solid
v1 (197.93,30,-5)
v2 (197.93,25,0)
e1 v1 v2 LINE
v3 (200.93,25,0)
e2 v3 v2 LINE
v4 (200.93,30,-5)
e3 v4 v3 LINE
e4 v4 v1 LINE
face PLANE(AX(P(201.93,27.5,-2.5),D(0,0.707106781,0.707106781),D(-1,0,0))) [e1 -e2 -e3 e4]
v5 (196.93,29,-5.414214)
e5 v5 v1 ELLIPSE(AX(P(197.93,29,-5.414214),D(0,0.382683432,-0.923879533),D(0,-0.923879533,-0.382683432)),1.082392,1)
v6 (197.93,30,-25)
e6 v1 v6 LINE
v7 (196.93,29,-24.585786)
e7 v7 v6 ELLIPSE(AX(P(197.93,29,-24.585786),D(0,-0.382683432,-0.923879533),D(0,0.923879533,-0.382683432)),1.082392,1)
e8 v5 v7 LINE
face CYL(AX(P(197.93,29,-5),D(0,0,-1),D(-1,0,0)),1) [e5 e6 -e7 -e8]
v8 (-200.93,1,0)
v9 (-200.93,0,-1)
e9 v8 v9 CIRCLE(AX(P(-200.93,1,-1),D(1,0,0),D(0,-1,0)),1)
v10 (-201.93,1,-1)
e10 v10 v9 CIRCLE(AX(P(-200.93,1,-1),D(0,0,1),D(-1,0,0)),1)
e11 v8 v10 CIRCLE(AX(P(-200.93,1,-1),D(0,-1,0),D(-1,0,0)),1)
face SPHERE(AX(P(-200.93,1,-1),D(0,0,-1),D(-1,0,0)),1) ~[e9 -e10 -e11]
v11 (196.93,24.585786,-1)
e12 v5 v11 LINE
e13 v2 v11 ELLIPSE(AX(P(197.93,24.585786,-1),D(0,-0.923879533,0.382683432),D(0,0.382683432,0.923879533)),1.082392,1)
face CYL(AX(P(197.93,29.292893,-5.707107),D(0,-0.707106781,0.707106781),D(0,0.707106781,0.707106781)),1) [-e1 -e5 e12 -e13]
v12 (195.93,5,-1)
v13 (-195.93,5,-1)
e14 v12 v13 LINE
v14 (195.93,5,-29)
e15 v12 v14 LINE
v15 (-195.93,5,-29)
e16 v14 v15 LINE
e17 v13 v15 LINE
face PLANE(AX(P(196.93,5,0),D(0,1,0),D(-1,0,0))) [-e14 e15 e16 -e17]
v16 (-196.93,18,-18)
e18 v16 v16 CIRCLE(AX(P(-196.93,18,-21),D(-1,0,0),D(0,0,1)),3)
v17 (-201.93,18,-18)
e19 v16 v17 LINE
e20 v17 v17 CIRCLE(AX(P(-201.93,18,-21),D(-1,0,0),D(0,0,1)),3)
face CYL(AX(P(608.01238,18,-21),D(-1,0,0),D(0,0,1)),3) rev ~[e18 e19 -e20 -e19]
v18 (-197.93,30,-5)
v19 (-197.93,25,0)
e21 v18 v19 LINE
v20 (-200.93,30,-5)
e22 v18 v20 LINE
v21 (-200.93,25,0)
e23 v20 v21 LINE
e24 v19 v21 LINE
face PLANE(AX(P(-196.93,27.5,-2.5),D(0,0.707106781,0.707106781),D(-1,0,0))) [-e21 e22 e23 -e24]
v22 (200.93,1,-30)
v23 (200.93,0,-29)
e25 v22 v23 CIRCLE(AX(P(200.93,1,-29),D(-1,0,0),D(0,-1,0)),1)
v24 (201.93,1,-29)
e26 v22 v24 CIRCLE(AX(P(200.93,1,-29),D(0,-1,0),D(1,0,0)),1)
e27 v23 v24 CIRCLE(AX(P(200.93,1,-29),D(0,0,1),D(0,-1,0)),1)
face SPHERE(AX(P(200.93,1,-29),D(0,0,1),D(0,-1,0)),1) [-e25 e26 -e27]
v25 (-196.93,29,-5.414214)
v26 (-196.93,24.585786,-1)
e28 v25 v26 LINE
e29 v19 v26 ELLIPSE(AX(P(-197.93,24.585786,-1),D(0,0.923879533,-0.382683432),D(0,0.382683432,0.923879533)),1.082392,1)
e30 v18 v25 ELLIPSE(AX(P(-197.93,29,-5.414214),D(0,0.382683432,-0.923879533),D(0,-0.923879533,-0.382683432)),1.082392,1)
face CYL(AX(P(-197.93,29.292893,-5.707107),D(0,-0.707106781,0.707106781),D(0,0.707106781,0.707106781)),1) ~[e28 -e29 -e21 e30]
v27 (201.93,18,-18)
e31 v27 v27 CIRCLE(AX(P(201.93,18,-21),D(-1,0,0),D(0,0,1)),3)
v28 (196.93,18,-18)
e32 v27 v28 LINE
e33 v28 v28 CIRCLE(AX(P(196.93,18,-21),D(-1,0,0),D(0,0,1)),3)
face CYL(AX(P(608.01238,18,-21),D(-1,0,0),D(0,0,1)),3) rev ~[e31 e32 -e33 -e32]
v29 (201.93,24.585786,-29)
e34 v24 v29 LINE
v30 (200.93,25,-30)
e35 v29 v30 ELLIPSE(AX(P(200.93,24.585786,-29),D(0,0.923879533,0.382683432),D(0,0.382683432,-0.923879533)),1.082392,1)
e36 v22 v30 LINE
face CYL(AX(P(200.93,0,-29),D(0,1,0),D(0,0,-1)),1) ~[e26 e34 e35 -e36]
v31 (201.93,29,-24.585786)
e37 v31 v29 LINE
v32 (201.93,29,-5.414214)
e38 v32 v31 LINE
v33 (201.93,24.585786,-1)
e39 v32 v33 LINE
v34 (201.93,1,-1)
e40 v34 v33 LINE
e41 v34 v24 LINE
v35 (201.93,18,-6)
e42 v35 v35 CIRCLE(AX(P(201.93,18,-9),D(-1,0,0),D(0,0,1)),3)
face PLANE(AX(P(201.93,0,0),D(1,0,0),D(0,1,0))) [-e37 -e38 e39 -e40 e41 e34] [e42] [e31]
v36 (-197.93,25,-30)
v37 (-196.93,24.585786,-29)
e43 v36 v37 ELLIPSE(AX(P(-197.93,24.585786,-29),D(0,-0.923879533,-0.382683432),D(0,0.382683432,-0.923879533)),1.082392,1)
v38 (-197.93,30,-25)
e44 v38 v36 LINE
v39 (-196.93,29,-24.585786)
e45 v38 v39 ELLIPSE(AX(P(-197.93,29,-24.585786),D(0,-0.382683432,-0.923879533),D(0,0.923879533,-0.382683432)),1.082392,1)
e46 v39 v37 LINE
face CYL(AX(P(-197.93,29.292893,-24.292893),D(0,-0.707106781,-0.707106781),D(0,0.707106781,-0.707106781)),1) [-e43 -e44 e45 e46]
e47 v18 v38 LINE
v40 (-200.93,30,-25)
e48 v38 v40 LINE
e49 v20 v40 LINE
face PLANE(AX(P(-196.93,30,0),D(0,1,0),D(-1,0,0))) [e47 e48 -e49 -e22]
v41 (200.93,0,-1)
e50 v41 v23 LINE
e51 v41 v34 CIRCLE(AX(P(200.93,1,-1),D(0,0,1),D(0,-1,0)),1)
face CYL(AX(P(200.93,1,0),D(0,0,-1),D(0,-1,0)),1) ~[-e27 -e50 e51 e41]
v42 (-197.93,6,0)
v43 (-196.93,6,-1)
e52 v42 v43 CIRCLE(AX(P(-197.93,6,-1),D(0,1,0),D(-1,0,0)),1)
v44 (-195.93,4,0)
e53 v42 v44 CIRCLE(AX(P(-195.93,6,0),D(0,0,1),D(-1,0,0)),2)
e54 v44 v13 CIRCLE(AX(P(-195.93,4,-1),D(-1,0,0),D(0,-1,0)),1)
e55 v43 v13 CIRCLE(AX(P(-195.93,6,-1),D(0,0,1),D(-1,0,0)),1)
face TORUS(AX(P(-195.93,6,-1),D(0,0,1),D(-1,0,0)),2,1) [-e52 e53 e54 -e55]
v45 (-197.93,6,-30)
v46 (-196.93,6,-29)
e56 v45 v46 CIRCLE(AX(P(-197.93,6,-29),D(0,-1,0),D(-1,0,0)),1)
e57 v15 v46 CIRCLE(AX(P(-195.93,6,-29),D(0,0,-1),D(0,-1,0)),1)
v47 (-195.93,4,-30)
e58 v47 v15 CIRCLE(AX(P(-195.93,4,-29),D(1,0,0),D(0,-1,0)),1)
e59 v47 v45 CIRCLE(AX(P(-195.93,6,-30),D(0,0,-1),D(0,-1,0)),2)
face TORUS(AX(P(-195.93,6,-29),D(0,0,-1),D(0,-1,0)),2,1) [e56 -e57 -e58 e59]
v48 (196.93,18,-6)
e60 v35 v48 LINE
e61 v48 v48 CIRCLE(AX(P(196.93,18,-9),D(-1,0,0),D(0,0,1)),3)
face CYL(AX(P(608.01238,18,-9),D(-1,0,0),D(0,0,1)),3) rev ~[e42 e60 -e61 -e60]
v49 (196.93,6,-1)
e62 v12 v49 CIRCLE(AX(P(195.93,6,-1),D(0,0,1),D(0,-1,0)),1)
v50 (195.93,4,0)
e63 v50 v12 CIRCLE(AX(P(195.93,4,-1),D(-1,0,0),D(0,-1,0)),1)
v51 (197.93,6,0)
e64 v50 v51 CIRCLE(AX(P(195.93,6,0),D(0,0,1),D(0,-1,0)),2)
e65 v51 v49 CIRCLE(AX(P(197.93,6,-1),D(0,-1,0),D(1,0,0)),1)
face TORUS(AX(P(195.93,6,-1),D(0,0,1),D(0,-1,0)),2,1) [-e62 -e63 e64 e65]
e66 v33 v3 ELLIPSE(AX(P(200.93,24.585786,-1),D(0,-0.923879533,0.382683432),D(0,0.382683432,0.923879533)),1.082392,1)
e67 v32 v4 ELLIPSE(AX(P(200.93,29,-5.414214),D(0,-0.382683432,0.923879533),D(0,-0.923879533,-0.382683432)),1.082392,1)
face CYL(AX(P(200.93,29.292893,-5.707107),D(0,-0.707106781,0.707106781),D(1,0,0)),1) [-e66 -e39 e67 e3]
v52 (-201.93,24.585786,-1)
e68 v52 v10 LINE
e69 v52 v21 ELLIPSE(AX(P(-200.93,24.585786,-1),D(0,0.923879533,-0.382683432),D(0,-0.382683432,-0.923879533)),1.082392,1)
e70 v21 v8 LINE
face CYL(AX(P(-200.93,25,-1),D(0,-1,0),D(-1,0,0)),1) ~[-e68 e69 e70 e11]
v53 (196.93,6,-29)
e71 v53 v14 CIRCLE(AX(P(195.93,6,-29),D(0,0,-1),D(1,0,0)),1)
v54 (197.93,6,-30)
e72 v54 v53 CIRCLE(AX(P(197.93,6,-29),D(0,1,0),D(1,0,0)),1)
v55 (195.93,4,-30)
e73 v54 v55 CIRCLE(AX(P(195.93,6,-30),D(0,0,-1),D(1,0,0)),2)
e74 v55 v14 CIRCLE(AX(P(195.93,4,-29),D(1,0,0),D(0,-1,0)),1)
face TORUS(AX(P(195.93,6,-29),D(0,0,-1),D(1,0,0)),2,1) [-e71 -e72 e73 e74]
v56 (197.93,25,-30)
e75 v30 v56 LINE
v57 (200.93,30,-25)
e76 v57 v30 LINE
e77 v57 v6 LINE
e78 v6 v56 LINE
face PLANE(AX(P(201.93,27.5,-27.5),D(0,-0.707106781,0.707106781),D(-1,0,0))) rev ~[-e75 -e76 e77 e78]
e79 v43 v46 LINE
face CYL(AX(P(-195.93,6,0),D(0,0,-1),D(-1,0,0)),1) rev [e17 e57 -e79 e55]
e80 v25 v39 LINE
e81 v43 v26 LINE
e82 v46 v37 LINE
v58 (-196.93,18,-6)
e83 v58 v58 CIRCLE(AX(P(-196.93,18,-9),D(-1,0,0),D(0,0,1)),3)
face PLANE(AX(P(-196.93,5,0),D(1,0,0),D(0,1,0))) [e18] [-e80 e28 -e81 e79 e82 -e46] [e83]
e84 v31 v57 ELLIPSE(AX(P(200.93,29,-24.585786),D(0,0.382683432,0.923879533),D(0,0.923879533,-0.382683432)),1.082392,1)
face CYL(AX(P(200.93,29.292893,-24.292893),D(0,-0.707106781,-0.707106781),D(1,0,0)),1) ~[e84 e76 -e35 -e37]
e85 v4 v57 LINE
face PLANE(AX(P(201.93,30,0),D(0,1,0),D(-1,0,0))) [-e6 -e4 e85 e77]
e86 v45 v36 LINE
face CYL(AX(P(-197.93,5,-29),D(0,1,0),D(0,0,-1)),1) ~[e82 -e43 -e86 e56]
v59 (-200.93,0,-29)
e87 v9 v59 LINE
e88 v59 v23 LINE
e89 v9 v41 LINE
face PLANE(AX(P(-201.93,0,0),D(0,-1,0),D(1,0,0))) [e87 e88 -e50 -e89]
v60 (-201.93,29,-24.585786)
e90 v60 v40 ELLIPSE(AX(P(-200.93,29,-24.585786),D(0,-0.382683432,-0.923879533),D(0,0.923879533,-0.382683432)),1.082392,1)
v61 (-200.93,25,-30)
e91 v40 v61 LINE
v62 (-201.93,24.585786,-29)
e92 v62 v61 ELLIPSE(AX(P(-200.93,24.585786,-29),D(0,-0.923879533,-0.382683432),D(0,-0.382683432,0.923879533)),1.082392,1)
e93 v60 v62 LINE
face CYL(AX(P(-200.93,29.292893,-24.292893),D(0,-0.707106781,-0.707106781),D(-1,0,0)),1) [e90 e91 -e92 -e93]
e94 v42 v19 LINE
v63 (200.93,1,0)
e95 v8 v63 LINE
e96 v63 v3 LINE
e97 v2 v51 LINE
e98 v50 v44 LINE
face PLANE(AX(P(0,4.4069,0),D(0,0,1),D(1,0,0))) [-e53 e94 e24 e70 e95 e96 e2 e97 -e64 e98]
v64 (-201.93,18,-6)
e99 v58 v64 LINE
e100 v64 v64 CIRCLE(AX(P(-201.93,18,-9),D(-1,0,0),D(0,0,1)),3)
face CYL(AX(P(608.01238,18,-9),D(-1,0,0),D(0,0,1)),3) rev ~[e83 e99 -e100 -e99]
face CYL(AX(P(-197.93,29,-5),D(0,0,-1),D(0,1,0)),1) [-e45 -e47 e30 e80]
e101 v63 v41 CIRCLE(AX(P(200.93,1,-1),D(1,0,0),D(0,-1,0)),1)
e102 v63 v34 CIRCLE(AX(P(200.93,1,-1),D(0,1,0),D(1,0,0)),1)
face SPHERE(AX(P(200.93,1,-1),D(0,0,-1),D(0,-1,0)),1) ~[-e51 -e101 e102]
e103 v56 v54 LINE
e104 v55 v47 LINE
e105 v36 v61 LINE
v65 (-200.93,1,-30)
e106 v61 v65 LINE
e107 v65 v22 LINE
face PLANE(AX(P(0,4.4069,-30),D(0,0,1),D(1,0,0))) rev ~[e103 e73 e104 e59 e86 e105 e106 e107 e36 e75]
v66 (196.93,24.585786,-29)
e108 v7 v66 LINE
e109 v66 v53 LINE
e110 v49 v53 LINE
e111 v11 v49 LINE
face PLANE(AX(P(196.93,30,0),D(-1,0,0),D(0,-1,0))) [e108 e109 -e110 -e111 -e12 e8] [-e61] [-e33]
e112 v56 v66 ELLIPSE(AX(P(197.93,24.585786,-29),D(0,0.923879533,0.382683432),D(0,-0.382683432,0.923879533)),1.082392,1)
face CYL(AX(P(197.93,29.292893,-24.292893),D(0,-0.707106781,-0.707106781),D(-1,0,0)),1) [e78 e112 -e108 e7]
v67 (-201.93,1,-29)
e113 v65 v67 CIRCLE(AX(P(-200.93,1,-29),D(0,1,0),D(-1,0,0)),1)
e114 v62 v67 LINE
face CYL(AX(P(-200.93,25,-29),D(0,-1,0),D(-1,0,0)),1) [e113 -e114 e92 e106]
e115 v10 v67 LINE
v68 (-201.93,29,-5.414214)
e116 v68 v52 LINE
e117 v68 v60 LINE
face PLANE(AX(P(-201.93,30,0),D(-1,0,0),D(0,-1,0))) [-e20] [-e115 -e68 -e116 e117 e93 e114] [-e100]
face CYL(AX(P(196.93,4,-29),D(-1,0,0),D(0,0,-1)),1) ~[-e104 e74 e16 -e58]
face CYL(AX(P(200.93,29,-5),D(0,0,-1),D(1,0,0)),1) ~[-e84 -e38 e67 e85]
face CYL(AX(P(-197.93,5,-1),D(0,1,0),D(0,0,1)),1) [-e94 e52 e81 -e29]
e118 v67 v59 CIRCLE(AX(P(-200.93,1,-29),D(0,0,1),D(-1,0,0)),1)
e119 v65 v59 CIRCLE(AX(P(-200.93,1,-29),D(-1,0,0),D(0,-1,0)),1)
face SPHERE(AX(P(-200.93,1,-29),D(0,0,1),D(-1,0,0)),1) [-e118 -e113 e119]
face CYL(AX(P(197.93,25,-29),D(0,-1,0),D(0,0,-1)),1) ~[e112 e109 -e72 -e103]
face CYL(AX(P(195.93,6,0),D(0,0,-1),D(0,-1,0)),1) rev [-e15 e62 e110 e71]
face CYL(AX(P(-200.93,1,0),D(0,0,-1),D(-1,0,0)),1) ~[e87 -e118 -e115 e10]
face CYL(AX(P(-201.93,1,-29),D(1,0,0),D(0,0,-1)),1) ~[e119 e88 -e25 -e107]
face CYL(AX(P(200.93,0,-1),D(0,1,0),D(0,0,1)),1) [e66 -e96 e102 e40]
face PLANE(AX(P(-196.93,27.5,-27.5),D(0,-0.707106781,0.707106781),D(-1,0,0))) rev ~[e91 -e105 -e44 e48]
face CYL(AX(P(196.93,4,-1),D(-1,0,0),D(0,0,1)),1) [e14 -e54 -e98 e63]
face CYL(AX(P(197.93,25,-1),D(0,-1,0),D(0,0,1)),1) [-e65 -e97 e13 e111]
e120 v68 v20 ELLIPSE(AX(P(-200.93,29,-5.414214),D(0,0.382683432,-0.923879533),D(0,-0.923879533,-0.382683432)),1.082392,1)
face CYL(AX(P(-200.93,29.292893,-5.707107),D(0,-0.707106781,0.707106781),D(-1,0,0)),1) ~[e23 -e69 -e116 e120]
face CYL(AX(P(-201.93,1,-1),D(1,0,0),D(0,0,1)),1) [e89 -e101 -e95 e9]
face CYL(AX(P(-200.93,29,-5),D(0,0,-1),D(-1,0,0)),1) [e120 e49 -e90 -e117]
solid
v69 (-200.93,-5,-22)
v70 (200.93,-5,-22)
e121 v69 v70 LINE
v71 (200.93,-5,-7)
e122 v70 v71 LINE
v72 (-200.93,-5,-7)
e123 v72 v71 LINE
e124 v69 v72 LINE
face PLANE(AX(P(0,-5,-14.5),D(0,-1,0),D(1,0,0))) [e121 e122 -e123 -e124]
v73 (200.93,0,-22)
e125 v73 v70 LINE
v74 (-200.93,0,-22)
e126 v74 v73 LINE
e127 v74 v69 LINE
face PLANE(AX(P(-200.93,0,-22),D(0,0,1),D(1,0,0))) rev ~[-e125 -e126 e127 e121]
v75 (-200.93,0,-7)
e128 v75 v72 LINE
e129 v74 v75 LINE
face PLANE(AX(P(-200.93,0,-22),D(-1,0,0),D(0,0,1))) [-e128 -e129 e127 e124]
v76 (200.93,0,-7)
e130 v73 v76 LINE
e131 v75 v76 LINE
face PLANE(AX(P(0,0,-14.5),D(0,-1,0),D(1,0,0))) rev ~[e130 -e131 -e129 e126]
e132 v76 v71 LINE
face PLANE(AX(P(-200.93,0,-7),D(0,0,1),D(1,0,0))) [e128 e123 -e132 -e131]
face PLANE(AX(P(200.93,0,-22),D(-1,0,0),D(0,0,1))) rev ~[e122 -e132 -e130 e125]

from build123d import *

# Parameters (mm, degrees)
EXTRUDE_THIN1_DEPTH   = 30
CHAMFER1_SIZE         = 5
FILLET1_R             = 1
F_6_0MM_DOWEL_SLOT1_D = 6
SKETCH6_W             = 401.86
SKETCH6_H             = 15
BOSS_EXTRUDE1_DEPTH   = 5


with BuildPart() as part:
    # Sketch1 → Extrude-Thin1 (new body)
    with BuildSketch(Plane.XY):
        Polygon((-201.93, 30), (-201.93, 0), (201.93, 0), (201.93, 30), (196.93, 30), (196.93, 5), (-196.93, 5), (-196.93, 30), align=None)
    extrude(amount=-EXTRUDE_THIN1_DEPTH)

    # Chamfer1
    chamfer1_edges = [part.edges().sort_by_distance(p)[0] for p in [
        (-199.43, 30, -30),
        (-199.43, 30, 0),
        (199.43, 30, -30),
        (199.43, 30, 0),
    ]]
    chamfer(chamfer1_edges, length=CHAMFER1_SIZE)

    # Fillet1
    fillet1_edges = [part.edges().sort_by_distance(p)[0] for p in [
        (201.93, 0, -15),
        (-201.93, 0, -15),
        (-196.93, 5, -15),
        (196.93, 5, -15),
        (196.93, 15, -30),
        (0, 5, -30),
        (-201.93, 12.5, -30),
        (-196.93, 15, -30),
        (201.93, 30, -15),
        (201.93, 27.5, -2.5),
        (201.93, 27.5, -27.5),
        (196.93, 30, -15),
        (196.93, 27.5, -2.5),
        (196.93, 27.5, -27.5),
        (-196.93, 15, 0),
        (-201.93, 12.5, 0),
        (0, 0, -30),
        (-196.93, 30, -15),
        (-196.93, 27.5, -2.5),
        (-196.93, 27.5, -27.5),
        (-201.93, 30, -15),
        (-201.93, 27.5, -2.5),
        (-201.93, 27.5, -27.5),
        (201.93, 12.5, -30),
        (0, 0, 0),
        (0, 5, 0),
        (196.93, 15, 0),
        (201.93, 12.5, 0),
    ]]
    fillet(fillet1_edges, radius=FILLET1_R)

    # Ø6.0mm Dowel Slot1 (through all)
    with Locations(Plane(origin=(201.93, 0, 0), x_dir=(0, 0, -1), z_dir=(1, 0, 0))):
        with Locations((21, 18), (9, 18)):
            Hole(F_6_0MM_DOWEL_SLOT1_D / 2)


with BuildPart() as body_2:
    # Sketch6 → Boss-Extrude1 (new body)
    with BuildSketch(Plane.XZ):
        with Locations((0, -14.5)):
            Rectangle(SKETCH6_W, SKETCH6_H)
    extrude(amount=BOSS_EXTRUDE1_DEPTH)


solid = Compound([part.part, body_2.part])
